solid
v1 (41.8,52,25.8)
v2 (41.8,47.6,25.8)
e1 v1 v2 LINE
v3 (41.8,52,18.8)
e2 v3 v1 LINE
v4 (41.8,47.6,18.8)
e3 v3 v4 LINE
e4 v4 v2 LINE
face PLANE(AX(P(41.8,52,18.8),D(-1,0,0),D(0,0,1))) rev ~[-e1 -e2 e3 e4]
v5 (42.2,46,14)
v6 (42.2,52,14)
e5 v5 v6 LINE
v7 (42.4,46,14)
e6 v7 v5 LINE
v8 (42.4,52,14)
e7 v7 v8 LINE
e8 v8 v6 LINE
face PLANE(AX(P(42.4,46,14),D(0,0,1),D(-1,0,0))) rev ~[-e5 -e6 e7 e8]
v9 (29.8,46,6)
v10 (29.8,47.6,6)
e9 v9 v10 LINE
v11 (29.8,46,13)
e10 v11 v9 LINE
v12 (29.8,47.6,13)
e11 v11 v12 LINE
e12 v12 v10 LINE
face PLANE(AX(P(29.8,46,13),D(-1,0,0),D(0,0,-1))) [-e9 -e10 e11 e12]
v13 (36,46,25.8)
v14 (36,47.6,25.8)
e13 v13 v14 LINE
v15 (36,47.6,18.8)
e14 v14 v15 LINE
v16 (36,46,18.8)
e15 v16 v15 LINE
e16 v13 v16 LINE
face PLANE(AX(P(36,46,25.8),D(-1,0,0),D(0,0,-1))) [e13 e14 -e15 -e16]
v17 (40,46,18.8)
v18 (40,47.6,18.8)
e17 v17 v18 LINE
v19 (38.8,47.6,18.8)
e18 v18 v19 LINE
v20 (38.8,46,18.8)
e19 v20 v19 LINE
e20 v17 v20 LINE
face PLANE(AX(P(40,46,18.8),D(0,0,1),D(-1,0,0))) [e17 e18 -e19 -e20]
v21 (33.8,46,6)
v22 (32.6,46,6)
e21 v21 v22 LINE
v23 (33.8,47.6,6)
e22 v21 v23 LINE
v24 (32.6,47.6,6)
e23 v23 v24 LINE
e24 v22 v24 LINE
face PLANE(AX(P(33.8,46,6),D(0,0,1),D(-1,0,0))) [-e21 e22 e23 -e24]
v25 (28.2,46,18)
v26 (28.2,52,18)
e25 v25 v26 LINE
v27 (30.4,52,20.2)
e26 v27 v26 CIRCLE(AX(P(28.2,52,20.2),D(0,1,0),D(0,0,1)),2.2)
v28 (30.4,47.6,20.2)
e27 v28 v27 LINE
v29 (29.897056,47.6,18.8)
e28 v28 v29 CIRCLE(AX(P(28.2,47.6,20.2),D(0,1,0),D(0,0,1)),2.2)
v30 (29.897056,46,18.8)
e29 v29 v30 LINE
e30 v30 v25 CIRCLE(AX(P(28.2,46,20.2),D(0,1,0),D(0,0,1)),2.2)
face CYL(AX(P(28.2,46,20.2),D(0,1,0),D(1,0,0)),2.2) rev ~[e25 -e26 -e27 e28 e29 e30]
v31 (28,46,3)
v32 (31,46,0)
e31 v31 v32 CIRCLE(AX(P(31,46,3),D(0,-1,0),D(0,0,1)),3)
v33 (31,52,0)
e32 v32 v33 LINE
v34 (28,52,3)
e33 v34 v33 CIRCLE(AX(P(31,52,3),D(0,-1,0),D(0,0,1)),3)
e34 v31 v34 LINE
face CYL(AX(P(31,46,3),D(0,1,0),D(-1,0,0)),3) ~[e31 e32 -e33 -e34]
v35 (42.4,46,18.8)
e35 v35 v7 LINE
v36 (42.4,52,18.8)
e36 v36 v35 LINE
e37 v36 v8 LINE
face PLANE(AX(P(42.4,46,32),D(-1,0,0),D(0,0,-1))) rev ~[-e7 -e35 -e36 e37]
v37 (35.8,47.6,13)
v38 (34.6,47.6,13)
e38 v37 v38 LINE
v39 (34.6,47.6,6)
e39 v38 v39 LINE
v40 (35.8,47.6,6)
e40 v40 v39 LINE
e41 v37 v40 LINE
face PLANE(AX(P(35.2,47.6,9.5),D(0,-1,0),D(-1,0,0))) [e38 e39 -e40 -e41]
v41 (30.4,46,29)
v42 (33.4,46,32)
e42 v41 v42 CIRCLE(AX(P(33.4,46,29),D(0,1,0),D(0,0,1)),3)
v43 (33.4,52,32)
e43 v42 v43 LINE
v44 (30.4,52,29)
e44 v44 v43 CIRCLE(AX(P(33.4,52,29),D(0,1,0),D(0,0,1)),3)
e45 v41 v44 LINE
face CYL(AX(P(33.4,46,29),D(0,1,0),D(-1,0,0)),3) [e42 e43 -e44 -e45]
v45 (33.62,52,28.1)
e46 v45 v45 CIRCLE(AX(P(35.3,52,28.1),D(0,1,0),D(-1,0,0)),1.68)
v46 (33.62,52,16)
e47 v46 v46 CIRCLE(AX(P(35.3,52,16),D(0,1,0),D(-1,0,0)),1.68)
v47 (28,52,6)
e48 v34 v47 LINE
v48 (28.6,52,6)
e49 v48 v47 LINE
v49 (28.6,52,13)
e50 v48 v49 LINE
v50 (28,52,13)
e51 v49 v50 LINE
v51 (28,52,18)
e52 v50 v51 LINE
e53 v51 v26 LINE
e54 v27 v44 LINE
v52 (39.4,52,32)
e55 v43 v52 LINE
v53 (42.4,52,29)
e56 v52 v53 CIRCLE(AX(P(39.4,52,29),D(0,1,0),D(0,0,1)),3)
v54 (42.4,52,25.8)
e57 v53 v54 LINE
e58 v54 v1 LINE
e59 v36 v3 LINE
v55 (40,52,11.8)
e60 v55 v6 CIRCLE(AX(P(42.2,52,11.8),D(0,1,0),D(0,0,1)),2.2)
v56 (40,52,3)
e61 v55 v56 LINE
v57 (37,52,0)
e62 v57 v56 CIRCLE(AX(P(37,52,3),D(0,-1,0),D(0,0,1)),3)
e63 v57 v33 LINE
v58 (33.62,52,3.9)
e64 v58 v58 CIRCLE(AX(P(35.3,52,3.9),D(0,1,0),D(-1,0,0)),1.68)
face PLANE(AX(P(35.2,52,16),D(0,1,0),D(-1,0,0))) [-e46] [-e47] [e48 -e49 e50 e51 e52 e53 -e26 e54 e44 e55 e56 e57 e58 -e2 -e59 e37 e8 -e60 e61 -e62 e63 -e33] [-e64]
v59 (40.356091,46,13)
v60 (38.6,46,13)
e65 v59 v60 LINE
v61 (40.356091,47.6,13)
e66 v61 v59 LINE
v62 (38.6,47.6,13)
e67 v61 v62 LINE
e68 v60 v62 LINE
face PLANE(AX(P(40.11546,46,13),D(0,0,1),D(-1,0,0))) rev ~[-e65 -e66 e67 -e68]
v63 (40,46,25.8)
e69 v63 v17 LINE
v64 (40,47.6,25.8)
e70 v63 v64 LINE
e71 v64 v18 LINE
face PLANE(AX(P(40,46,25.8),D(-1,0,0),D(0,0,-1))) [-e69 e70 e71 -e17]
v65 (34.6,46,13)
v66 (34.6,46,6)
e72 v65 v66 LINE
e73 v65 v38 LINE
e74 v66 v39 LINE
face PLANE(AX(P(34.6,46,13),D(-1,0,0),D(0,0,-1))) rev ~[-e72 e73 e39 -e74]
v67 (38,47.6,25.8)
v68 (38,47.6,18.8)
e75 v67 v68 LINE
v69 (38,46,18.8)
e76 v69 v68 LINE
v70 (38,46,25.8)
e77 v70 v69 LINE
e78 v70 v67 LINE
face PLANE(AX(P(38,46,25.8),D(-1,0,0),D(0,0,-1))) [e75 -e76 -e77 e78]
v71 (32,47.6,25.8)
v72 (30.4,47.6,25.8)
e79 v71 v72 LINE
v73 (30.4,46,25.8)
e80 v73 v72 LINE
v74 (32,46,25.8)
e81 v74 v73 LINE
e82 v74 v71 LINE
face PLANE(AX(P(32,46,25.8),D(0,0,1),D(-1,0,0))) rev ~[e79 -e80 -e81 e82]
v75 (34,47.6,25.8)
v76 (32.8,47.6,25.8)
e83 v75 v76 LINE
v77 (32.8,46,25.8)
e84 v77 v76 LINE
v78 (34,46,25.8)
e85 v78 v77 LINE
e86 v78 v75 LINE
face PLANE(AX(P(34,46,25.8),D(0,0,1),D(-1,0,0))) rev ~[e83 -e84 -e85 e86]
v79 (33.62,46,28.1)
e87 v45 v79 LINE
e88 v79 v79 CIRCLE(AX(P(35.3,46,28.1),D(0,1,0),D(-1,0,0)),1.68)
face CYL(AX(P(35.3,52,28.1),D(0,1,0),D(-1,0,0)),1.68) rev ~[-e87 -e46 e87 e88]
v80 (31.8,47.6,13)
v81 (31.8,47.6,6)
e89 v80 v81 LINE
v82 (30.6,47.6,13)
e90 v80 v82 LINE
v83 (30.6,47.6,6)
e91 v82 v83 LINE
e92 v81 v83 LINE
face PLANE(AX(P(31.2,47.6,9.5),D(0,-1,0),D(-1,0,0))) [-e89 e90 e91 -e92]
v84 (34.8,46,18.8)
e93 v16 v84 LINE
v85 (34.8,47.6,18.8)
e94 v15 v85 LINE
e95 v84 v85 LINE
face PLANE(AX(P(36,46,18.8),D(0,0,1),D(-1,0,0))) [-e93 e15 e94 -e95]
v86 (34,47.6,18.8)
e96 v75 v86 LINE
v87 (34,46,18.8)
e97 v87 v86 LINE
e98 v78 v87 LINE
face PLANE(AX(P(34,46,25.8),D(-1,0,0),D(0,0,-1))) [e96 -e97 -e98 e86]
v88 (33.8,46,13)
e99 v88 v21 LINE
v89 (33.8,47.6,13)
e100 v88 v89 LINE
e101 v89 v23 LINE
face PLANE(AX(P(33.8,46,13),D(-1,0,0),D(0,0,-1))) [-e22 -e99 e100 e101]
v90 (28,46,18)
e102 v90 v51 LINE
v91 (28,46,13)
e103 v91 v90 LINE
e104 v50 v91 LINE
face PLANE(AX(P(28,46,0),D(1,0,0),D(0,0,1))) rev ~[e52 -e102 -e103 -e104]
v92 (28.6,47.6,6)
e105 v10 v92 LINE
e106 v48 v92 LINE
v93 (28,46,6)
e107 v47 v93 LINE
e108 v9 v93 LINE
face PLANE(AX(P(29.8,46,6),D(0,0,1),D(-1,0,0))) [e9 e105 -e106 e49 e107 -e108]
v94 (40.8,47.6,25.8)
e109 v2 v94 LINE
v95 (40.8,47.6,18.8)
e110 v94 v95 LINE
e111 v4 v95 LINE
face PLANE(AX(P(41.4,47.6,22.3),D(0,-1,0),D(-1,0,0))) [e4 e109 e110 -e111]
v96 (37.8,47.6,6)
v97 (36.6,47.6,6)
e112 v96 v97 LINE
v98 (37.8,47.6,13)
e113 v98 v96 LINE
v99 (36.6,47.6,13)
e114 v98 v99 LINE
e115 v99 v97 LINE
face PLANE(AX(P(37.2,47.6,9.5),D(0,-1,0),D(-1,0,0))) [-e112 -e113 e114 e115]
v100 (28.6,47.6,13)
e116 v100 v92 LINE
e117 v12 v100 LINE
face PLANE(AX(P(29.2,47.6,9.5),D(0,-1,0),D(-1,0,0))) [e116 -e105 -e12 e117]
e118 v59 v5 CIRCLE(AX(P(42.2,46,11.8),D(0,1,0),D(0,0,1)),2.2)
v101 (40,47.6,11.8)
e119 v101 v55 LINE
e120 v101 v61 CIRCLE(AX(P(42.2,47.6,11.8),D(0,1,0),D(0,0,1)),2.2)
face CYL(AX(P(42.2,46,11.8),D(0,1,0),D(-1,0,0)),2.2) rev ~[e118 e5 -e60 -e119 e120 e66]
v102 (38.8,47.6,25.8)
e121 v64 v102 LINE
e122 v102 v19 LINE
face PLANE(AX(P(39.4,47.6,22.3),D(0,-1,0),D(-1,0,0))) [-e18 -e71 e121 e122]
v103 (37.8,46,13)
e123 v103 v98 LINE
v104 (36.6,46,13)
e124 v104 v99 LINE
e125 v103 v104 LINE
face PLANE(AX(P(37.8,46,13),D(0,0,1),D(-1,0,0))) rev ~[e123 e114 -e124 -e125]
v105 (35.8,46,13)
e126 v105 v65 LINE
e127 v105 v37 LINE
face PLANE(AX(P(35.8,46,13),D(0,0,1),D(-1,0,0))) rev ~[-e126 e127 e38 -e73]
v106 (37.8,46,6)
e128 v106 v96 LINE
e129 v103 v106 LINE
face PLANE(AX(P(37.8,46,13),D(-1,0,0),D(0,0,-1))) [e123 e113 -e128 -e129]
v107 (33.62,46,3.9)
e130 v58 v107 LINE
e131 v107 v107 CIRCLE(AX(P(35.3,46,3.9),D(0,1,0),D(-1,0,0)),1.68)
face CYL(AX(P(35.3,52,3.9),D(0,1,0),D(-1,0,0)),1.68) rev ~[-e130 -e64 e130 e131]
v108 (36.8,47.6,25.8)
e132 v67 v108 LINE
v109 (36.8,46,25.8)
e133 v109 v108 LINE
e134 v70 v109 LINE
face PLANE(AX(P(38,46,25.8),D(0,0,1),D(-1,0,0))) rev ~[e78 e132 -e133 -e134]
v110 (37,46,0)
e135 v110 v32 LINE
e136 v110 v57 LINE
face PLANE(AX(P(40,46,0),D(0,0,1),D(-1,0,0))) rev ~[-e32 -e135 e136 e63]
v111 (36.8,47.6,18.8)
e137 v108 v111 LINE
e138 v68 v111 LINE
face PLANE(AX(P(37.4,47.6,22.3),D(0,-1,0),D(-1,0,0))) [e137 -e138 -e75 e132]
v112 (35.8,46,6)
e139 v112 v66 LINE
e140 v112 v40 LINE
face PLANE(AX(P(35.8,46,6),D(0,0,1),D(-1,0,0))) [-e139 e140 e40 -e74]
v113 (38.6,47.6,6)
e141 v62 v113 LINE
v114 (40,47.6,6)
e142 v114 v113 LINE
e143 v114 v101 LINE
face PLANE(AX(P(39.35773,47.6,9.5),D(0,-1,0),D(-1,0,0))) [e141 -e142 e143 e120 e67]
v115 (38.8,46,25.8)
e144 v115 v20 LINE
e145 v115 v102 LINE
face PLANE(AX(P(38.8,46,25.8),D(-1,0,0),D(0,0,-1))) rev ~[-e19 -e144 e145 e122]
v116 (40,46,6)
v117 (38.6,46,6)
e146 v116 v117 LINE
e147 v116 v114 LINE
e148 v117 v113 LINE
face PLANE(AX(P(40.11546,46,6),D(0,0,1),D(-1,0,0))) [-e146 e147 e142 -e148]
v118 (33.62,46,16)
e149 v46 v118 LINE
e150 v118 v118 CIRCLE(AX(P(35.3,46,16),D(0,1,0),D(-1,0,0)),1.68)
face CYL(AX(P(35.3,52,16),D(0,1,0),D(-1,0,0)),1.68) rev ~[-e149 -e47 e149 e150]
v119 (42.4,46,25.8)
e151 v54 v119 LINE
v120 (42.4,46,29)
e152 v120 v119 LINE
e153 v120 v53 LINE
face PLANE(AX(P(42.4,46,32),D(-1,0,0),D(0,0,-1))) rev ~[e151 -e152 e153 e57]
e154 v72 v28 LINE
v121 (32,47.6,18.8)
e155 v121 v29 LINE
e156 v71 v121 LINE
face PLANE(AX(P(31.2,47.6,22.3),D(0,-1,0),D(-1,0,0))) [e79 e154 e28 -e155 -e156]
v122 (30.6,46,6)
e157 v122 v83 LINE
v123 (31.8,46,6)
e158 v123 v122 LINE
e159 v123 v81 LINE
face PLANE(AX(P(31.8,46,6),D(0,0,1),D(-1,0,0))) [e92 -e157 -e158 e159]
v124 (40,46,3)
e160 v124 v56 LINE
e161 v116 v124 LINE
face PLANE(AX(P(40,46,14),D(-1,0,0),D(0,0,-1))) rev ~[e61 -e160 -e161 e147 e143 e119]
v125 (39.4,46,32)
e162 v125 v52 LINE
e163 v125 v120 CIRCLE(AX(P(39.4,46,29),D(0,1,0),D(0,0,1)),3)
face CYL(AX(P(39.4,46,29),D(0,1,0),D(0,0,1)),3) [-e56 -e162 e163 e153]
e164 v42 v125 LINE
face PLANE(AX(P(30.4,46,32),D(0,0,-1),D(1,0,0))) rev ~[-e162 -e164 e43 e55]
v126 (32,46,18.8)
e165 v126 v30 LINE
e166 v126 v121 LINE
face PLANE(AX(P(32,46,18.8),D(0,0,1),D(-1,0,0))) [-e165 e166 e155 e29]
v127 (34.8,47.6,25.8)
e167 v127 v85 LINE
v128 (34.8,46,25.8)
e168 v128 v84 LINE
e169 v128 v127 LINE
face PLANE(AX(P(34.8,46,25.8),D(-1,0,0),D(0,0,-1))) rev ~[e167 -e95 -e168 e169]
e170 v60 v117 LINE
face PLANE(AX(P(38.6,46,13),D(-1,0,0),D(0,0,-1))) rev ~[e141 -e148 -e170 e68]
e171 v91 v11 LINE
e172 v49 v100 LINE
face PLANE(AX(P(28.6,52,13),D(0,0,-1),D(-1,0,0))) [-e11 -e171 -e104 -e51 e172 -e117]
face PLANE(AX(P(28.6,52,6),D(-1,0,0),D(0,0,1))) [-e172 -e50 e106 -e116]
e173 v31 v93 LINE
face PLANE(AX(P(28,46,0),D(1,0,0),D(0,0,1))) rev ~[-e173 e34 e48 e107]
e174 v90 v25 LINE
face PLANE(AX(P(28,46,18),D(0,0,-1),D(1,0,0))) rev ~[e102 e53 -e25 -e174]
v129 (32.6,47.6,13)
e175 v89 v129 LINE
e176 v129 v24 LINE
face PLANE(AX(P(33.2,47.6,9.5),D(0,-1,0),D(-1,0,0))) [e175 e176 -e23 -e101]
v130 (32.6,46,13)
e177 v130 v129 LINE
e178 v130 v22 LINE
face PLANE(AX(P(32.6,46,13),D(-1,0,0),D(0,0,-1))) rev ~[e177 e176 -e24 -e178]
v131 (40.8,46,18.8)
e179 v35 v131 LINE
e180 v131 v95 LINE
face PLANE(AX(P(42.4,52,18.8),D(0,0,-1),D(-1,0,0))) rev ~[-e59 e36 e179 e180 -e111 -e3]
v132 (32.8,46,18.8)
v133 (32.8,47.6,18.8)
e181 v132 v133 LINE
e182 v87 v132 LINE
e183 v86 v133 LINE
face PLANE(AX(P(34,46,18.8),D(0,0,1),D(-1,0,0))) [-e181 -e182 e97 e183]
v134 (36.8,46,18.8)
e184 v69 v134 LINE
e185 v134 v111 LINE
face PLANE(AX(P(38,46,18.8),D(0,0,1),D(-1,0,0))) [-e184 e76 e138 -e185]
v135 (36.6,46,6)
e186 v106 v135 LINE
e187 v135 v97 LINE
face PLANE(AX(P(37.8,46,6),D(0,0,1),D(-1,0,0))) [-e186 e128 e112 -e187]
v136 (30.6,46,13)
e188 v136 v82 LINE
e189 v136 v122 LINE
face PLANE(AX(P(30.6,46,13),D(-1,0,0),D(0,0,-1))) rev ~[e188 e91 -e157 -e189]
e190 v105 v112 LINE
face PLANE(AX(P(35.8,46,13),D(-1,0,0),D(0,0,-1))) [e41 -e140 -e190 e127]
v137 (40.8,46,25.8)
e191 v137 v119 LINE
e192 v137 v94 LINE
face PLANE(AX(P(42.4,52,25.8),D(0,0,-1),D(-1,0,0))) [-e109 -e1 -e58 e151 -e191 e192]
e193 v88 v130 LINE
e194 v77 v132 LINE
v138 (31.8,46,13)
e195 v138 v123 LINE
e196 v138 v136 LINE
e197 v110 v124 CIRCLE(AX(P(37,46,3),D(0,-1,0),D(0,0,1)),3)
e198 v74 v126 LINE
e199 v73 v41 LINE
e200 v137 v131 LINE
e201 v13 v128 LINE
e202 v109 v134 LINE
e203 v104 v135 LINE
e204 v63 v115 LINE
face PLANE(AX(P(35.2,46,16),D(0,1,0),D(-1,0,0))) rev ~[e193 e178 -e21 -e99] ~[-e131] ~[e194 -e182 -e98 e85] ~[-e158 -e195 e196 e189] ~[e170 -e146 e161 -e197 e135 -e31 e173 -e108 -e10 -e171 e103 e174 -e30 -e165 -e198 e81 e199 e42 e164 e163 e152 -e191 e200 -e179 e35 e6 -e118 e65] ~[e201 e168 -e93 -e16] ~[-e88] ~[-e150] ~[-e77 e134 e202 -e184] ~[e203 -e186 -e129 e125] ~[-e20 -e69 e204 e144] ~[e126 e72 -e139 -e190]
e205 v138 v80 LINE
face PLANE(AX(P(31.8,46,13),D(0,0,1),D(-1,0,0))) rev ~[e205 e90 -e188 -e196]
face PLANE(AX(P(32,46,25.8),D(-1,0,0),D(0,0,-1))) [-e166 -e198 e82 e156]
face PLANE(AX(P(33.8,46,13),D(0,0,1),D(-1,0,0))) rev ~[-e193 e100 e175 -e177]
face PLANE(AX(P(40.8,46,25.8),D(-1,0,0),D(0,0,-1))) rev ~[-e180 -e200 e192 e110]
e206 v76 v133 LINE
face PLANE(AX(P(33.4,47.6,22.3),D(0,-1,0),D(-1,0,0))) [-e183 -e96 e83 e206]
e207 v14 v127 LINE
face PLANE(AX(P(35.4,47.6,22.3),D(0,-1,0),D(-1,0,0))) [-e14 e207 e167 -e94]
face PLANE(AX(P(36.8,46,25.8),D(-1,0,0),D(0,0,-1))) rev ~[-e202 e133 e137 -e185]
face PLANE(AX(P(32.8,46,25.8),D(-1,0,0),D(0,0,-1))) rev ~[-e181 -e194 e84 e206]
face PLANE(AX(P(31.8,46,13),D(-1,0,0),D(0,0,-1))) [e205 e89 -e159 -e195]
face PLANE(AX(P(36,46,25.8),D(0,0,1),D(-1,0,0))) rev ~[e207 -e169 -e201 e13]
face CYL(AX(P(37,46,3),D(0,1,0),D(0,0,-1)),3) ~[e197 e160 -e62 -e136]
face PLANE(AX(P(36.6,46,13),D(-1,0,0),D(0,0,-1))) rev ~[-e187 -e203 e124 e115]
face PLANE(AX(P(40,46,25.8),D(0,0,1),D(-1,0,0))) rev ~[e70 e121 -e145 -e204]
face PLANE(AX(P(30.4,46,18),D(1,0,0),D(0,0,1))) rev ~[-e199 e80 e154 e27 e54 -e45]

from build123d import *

# Parameters (mm, degrees)
PAD_DEPTH       = 6
SKETCH018_R     = 1.68
POCKET_DEPTH    = 6
SKETCH019_W     = 0.6
SKETCH019_H     = 7
POCKET001_DEPTH = 6
SKETCH020_W     = 1.2
SKETCH020_H     = 7
SKETCH020_W_2   = 1.51546
SKETCH020_W_3   = 1.6
POCKET002_DEPTH = 1.6
FILLET_R        = 2.2
FILLET001_R     = 3


with BuildPart() as part:
    # Sketch017 → Pad (new body)
    with BuildSketch(Plane(origin=(28, 46, 0), x_dir=(-1, 0, 0), z_dir=(0, 1, 0))):
        Polygon((-14.4, 32), (-14.4, 14), (-12, 14), (-12, 0), (0, 0), (0, 18), (-2.4, 18), (-2.4, 32), align=None)
    extrude(amount=PAD_DEPTH)

    # Sketch018 → Pocket (cut)
    with BuildSketch(Plane(origin=(28, 52, 0), x_dir=(-1, 0, 0), z_dir=(0, 1, 0))):
        with Locations((-7.3, 3.9)):
            Circle(SKETCH018_R)
        with Locations((-7.3, 16)):
            Circle(SKETCH018_R)
        with Locations((-7.3, 28.1)):
            Circle(SKETCH018_R)
    extrude(amount=-POCKET_DEPTH, mode=Mode.SUBTRACT)

    # Sketch019 → Pocket001 (cut)
    with BuildSketch(Plane(origin=(28, 52, 0), x_dir=(-1, 0, 0), z_dir=(0, 1, 0))):
        with Locations((-0.3, 9.5)):
            Rectangle(SKETCH019_W, SKETCH019_H)
        with Locations((-14.1, 22.3)):
            Rectangle(SKETCH019_W, SKETCH019_H)
    extrude(amount=-POCKET001_DEPTH, mode=Mode.SUBTRACT)

    # Sketch020 → Pocket002 (cut)
    with BuildSketch(Plane(origin=(28, 46, 0), x_dir=(-1, 0, 0), z_dir=(0, -1, 0))):
        with Locations((-7.2, -9.5)):
            Rectangle(SKETCH020_W, SKETCH020_H)
        with Locations((-5.2, -9.5)):
            Rectangle(SKETCH020_W, SKETCH020_H)
        with Locations((-3.2, -9.5)):
            Rectangle(SKETCH020_W, SKETCH020_H)
        with Locations((-1.2, -9.5)):
            Rectangle(SKETCH020_W, SKETCH020_H)
        with Locations((-11.35773, -9.5)):
            Rectangle(SKETCH020_W_2, SKETCH020_H)
        with Locations((-9.2, -9.5)):
            Rectangle(SKETCH020_W, SKETCH020_H)
        with Locations((-13.4, -22.3)):
            Rectangle(SKETCH020_W, SKETCH020_H)
        with Locations((-11.4, -22.3)):
            Rectangle(SKETCH020_W, SKETCH020_H)
        with Locations((-9.4, -22.3)):
            Rectangle(SKETCH020_W, SKETCH020_H)
        with Locations((-7.4, -22.3)):
            Rectangle(SKETCH020_W, SKETCH020_H)
        with Locations((-5.4, -22.3)):
            Rectangle(SKETCH020_W, SKETCH020_H)
        with Locations((-3.2, -22.3)):
            Rectangle(SKETCH020_W_3, SKETCH020_H)
    extrude(amount=-POCKET002_DEPTH, mode=Mode.SUBTRACT)

    # Fillet
    fillet_edges = [part.edges().sort_by_distance(p)[0] for p in [
        (40, 49, 14),
        (30.4, 49, 18),
    ]]
    fillet(fillet_edges, radius=FILLET_R)

    # Fillet001
    fillet001_edges = [part.edges().sort_by_distance(p)[0] for p in [
        (30.4, 49, 32),
        (42.4, 49, 32),
        (28, 49, 0),
        (40, 49, 0),
    ]]
    fillet(fillet001_edges, radius=FILLET001_R)


solid = part.part
